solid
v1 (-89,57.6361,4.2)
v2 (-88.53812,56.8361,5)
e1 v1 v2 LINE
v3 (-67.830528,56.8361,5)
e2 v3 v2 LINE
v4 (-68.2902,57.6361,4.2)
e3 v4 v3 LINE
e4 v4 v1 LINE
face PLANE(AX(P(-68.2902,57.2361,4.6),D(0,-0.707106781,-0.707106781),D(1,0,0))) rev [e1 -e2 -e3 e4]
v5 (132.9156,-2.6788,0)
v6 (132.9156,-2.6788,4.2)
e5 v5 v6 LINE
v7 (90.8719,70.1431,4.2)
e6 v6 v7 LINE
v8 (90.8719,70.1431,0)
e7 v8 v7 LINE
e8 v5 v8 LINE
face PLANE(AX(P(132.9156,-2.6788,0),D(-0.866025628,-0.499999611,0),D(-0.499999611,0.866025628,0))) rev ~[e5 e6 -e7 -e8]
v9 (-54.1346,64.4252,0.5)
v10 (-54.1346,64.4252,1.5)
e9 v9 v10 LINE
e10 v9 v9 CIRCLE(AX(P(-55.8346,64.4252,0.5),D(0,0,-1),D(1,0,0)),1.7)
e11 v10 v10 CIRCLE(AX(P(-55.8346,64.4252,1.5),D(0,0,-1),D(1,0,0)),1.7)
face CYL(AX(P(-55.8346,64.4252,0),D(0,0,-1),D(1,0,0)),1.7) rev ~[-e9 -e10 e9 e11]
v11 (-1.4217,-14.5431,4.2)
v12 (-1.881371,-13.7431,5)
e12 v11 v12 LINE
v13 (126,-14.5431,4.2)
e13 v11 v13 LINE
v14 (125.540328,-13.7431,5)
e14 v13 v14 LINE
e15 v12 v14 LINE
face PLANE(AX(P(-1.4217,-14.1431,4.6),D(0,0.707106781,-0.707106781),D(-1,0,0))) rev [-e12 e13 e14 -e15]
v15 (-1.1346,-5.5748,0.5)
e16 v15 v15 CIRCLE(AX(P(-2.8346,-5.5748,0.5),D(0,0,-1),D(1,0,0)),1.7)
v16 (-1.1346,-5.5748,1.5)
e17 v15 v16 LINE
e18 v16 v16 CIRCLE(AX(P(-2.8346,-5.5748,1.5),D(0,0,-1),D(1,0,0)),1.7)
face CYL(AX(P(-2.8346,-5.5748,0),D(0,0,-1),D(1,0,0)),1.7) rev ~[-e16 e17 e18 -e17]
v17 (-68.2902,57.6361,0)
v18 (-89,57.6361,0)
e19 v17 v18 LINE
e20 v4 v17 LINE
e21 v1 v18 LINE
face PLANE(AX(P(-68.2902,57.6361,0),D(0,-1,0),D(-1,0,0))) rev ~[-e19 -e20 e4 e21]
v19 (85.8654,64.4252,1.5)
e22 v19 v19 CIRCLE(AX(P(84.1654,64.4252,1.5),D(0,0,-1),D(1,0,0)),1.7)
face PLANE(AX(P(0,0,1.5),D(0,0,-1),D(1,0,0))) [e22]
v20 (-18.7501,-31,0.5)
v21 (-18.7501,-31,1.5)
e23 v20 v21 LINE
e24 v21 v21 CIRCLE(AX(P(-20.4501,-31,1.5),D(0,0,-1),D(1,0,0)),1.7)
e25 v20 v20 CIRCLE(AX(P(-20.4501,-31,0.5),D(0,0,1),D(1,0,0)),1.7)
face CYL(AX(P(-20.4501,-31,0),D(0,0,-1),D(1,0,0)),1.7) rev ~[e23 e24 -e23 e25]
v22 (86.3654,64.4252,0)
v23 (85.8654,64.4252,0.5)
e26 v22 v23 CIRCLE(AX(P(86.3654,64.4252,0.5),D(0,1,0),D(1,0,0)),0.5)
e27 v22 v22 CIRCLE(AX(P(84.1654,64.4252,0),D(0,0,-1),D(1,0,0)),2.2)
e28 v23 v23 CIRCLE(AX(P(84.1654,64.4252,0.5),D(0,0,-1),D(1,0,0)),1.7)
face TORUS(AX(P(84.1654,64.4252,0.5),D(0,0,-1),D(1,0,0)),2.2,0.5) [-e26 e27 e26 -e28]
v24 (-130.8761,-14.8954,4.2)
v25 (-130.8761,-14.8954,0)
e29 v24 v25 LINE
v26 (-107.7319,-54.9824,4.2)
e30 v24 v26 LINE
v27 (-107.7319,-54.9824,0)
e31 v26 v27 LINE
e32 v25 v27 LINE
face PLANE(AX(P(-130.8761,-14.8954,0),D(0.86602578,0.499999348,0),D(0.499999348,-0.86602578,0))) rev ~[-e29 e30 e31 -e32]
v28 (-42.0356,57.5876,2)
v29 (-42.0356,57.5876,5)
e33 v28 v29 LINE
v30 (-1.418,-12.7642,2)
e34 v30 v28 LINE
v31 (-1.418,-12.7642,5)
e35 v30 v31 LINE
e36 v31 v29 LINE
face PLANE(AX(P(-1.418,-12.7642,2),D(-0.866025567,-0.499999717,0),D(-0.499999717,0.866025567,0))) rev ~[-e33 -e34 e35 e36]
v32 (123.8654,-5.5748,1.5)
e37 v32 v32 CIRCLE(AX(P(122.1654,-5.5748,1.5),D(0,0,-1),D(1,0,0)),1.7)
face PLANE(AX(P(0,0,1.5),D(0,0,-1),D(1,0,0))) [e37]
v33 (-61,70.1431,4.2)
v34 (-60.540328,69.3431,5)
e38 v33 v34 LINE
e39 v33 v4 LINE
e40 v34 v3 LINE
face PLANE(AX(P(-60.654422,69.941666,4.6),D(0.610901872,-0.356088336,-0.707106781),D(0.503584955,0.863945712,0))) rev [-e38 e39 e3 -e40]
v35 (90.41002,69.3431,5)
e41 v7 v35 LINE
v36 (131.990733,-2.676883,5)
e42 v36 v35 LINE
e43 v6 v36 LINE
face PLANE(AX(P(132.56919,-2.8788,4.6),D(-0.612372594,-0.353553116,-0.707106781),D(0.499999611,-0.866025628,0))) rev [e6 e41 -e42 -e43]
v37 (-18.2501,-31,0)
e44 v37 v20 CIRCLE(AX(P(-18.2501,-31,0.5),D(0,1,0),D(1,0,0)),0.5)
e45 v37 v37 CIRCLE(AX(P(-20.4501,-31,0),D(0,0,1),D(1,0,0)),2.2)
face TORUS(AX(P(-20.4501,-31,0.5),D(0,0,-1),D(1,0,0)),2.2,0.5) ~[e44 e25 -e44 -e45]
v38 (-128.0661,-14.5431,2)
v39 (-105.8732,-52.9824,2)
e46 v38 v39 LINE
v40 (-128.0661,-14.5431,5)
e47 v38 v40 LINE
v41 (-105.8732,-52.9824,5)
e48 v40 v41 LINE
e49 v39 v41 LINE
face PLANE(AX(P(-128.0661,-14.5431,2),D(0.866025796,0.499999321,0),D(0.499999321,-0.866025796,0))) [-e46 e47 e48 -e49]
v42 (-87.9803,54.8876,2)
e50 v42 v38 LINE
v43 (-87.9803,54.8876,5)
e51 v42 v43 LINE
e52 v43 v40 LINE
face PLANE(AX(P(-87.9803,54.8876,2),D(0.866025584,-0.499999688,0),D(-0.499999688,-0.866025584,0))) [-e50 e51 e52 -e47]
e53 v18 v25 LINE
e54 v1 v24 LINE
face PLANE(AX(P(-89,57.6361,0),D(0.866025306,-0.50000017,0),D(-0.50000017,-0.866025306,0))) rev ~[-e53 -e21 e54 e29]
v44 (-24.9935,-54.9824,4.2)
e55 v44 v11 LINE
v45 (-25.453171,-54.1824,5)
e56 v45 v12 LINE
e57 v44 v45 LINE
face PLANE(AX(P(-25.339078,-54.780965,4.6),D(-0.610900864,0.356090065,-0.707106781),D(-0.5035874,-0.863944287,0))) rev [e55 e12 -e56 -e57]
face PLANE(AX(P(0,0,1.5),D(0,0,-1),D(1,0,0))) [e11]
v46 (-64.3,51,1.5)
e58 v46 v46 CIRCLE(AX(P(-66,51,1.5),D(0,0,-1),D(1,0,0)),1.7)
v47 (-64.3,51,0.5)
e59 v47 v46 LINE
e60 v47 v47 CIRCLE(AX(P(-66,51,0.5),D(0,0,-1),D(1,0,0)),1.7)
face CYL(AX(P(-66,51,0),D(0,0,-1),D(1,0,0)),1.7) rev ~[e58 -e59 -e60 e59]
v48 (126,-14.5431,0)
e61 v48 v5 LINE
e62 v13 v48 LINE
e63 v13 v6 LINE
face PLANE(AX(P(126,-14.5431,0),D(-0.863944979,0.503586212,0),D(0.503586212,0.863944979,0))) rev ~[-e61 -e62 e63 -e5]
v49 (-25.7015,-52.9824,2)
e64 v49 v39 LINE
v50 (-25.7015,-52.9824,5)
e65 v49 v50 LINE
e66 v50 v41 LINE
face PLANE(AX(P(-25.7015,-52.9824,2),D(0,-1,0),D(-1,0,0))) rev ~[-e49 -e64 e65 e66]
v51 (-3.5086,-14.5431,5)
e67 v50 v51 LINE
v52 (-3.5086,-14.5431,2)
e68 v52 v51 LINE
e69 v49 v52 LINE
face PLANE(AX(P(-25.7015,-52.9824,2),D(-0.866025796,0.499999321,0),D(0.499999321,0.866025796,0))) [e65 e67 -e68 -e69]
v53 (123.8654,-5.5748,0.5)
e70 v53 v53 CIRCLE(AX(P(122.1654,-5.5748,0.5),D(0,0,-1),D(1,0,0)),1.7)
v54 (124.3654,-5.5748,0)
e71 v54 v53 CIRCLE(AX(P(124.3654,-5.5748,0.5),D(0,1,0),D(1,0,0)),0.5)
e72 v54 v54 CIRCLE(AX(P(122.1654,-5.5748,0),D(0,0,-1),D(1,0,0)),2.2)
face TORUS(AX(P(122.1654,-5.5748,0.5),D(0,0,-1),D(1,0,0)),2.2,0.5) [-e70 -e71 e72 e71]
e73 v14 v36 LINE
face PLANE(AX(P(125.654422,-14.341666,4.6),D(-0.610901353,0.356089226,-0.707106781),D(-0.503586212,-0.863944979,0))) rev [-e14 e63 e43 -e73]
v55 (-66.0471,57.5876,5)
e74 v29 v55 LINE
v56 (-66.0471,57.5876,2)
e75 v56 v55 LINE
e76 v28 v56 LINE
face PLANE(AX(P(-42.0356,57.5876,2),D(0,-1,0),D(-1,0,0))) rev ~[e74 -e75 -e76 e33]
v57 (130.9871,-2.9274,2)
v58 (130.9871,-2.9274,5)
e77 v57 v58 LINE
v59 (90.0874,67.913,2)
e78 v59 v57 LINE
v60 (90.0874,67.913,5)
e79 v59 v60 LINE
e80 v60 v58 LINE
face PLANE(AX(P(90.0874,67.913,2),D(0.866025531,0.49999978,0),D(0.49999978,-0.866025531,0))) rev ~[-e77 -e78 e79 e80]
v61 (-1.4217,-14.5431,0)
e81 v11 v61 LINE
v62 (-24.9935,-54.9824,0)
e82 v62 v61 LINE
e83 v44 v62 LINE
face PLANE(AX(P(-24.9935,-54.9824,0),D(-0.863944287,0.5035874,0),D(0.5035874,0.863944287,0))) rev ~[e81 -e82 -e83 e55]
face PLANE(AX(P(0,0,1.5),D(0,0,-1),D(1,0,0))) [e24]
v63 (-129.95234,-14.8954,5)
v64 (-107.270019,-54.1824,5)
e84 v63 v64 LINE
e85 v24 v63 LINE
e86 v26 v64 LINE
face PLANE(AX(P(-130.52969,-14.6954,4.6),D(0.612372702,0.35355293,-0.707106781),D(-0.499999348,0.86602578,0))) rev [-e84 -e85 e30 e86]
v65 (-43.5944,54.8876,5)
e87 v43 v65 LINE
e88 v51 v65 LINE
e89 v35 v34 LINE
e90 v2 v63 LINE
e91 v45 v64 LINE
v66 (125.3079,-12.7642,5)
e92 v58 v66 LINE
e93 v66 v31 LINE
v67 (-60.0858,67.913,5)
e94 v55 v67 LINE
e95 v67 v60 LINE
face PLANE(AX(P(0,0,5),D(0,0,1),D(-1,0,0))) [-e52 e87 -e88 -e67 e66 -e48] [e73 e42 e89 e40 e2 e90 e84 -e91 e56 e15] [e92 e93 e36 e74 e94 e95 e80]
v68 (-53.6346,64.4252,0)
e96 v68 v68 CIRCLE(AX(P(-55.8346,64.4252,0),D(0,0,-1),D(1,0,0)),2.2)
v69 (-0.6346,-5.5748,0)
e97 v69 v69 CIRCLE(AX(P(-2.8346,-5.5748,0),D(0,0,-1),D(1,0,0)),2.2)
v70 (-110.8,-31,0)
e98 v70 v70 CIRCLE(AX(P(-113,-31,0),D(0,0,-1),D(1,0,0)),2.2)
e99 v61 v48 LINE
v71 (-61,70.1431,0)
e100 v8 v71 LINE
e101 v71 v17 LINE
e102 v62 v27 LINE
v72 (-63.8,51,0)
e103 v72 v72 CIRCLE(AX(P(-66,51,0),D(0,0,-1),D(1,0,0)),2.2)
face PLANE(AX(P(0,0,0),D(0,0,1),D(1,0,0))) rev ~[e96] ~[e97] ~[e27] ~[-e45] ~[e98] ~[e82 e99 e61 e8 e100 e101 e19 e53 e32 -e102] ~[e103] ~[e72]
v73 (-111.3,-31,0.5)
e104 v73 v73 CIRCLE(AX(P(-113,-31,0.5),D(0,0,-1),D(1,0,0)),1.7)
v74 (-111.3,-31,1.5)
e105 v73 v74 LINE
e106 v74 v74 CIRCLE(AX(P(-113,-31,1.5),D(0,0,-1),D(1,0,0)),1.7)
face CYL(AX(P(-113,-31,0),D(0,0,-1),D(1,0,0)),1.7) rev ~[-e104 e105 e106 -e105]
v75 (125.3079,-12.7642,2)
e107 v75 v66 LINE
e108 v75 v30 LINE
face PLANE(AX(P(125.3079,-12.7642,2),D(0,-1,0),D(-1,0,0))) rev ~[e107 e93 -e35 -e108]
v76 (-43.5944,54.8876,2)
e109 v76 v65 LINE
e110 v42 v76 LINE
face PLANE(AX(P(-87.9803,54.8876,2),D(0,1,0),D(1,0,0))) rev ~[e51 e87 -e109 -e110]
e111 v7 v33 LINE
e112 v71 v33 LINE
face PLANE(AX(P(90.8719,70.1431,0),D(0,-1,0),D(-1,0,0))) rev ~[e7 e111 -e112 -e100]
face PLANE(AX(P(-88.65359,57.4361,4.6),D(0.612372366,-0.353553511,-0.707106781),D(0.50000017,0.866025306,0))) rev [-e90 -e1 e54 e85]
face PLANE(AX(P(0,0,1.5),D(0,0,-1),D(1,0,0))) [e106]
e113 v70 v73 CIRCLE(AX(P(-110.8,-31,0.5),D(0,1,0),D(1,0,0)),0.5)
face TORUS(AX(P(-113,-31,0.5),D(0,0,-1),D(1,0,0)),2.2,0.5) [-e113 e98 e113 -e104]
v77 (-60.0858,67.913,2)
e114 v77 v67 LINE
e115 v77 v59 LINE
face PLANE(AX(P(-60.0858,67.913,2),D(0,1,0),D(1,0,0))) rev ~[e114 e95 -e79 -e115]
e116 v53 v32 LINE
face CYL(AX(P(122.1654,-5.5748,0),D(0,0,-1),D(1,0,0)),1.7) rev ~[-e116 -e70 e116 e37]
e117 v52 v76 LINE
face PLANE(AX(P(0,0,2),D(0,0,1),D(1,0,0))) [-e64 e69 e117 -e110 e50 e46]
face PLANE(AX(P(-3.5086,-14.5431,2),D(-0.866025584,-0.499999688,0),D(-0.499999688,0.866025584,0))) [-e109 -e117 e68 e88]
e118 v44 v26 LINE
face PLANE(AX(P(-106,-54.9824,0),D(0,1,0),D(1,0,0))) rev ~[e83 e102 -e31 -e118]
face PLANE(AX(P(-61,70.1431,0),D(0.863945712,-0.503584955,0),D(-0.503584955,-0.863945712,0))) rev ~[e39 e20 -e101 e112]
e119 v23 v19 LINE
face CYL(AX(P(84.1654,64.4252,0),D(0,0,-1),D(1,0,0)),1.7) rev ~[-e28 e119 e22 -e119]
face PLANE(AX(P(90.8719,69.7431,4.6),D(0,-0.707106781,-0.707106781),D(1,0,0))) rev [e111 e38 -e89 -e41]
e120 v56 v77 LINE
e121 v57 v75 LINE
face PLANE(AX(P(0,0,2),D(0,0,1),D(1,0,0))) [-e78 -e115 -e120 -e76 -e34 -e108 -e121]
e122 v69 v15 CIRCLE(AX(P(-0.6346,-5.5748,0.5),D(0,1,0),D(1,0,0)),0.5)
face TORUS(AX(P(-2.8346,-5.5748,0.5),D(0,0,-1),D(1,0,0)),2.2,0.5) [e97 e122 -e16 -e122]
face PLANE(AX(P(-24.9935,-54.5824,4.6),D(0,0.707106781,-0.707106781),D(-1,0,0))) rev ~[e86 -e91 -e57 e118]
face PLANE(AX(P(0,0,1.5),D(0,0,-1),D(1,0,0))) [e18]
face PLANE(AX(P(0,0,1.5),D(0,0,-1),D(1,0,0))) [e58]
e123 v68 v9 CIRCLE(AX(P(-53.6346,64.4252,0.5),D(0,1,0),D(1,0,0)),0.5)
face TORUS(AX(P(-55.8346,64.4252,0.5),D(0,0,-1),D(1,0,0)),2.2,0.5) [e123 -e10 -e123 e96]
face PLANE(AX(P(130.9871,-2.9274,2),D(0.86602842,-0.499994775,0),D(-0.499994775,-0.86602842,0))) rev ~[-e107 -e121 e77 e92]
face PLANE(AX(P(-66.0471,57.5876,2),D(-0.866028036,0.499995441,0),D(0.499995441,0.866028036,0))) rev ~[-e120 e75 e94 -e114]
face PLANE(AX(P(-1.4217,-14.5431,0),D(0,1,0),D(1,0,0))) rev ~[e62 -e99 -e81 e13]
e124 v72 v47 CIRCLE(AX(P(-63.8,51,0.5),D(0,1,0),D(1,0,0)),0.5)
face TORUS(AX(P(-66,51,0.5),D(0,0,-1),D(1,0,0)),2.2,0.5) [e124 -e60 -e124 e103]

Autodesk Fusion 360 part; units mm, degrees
sketch "Sketch1" plane through (0, 0, 0) normal (0, 0, 1) x (1, 0, 0)
  line L0 (132.9156, -2.6788) -> (90.8719, 70.1431)
  line L1 (-68.2902, 57.6361) -> (-89, 57.6361)
  line L2 (-130.8761, -14.8954) -> (-107.7319, -54.9824)
  line L3 (-1.4217, -14.5431) -> (126, -14.5431)
  line L4 (126, -14.5431) -> (132.9156, -2.6788)
  line L5 (-61, 70.1431) -> (-68.2902, 57.6361)
  line L6 (-89, 57.6361) -> (-130.8761, -14.8954)
  line L7 (-106, -54.9824) -> (-24.9935, -54.9824)
  line L8 (-24.9935, -54.9824) -> (-1.4217, -14.5431)
  line L9 (90.8719, 70.1431) -> (-61, 70.1431)
  line L10 (-107.7319, -54.9824) -> (-106, -54.9824)
  point P0 (-65.7873, -4.2127)
  point P1 (-65.7873, -4.2127)
  point P2 (-65.7873, -4.2127)
  dimension "d4" = 94.1192
  dimension "d5" = 81.0065
  dimension "d6" = 14.5431
  dimension "d7" = 1.4217
  dimension "d8" = 125.1255
  dimension "d9" = 263.7917
  dimension "d10" = 120
  dimension "d11" = 120
  dimension "d12" = 120.238
  dimension "d13" = 234.5587
  dimension "d14" = 204.2045
  dimension "d15" = 151.8719
  dimension "d16" = 20.7098
  dimension "d17" = 46.8077
  dimension "d18" = 10.3305
  dimension "d19" = 64.3656
extrude "Extrude1" add sketch "Sketch1" along normal blind 2
sketch "Sketch2" plane through (0, 0, 2) normal (0, 0, 1) x (-1, 0, 0)
  line L0 (107.7319, 54.9824) -> (24.9935, 54.9824)
  line L1 (24.9935, 54.9824) -> (1.4217, 14.5431)
  line L2 (1.4217, 14.5431) -> (-126, 14.5431)
  line L3 (-126, 14.5431) -> (-132.9156, 2.6788)
  line L4 (-132.9156, 2.6788) -> (-90.8719, -70.1431)
  line L5 (-90.8719, -70.1431) -> (61, -70.1431)
  line L6 (61, -70.1431) -> (68.2902, -57.6361)
  line L7 (68.2902, -57.6361) -> (89, -57.6361)
  line L8 (89, -57.6361) -> (130.8761, 14.8954)
  line L9 (130.8761, 14.8954) -> (107.7319, 54.9824)
  line L10 (60.0858, -67.913) -> (-90.0874, -67.913)
  line L11 (-130.8139, 2.9274) -> (-125.2213, 12.6142)
  line L12 (25.7881, 52.8324) -> (3.6818, 14.5431)
  line L13 (-126, 14.5431) -> (-132.9156, 2.6788)
  line L14 (-125.3079, 12.7642) -> (1.418, 12.7642)
  line L15 (-90.8719, -70.1431) -> (61, -70.1431)
  line L16 (3.6818, 14.5431) -> (43.681, -54.7376)
  line L17 (1.4217, 14.5431) -> (-126, 14.5431)
  line L18 (25.7015, 52.9824) -> (3.5086, 14.5431)
  line L19 (3.5086, 14.5431) -> (43.5944, -54.8876)
  line L20 (1.3314, 12.6142) -> (41.949, -57.7376)
  line L21 (59.9992, -67.763) -> (-90.0008, -67.763)
  line L22 (-130.9871, 2.9274) -> (-125.3079, 12.7642)
  line L23 (-125.2213, 12.6142) -> (1.3314, 12.6142)
  line L24 (-90.0008, -67.763) -> (-130.8139, 2.9274)
  line L25 (87.8937, -54.7376) -> (43.681, -54.7376)
  line L26 (65.7873, 4.2127) -> (65.7873, -54.7376)
  line L27 (-90.0874, -67.913) -> (-130.9871, 2.9274)
  line L28 (106, 54.9824) -> (24.9935, 54.9824)
  line L29 (61, -70.1431) -> (68.2902, -57.6361)
  line L30 (68.2902, -57.6361) -> (89, -57.6361)
  line L31 (-132.9156, 2.6788) -> (-90.8719, -70.1431)
  line L32 (87.9803, -54.8876) -> (43.5944, -54.8876)
  line L33 (41.949, -57.7376) -> (65.7873, -57.7376)
  circle A0 centre (65.7873, 4.2127) radius 44.2127
  line L34 (25.7015, 52.9824) -> (105.8732, 52.9824)
  line L35 (42.0356, -57.5876) -> (66.0471, -57.5876)
  line L36 (65.7873, 4.2127) -> (14.7349, 33.6878)
  line L37 (107.7319, 54.9824) -> (106, 54.9824)
  line L38 (65.7873, 4.2127) -> (116.8397, 33.6878)
  line L39 (89, -57.6361) -> (130.8761, 14.8954)
  line L40 (130.8761, 14.8954) -> (107.7319, 54.9824)
  line L41 (128.0661, 14.5431) -> (105.8732, 52.9824)
  line L42 (66.0471, -57.5876) -> (60.0858, -67.913)
  line L43 (87.9803, -54.8876) -> (128.0661, 14.5431)
  line L44 (65.7873, -57.7376) -> (59.9992, -67.763)
  line L45 (127.8929, 14.5431) -> (105.7866, 52.8324)
  line L46 (87.8937, -54.7376) -> (127.8929, 14.5431)
  line L47 (65.7873, 4.2127) -> (65.7873, -84.2127) construction
  line L48 (25.7881, 52.8324) -> (105.7866, 52.8324)
  line L49 (65.7873, 4.2127) -> (65.7873, -84.2127) construction
  line L50 (1.418, 12.7642) -> (42.0356, -57.5876)
  line L51 (24.9935, 54.9824) -> (1.4217, 14.5431)
  point P0 (65.7873, 4.2127)
  point P1 (65.7873, 4.2127)
  point P2 (65.7873, 4.2127)
  dimension "d22" = -0.15
  dimension "d23" = 0.15
  dimension "d24" = 120
  dimension "d25" = 120
  dimension "d26" = 88.4253
  dimension "d27" = 62.1056
  dimension "d28" = 39.9992
  dimension "d29" = 22.1063
  dimension "d30" = 39.9992
  dimension "d31" = 29.4751
  dimension "d32" = 3
  dimension "d33" = 3
  dimension "d34" = 150
  dimension "d35" = 126.5527
  dimension "d36" = 196.6013
  dimension "d37" = 8.4015
  dimension "d38" = 12.6142
  dimension "d40" = 2
  dimension "d41" = 0.238
  dimension "d43" = 0.1015
  dimension "d44" = 20.052
  dimension "d45" = 1.9444
  dimension "d46" = 2.2813
  dimension "d47" = 9.9353
  dimension "d48" = 82.7572
  dimension "d49" = 94.1192
  dimension "d51" = 81.0065
extrude "Extrude2" add sketch "Sketch2" along normal blind 3 contours L0 L1 L2 L3 L4 L5 L6 L7 L8 L9 L13 L15 L17 L28 L29 L30 L31 L37 L39 L40 L51
chamfer "Chamfer1" distance 0.8 angle 45 10 edges at (-109.9381, 21.3703, 5) (-78.6451, 57.6361, 5) (-64.6451, 63.8896, 5) (14.936, 70.1431, 5) (111.8938, 33.7321, 5) (129.4578, -8.611, 5) (62.2891, -14.5431, 5) (-13.2076, -34.7628, 5) (-119.304, -34.9389, 5) (-66.3627, -54.9824, 5)
sketch "Sketch3" plane through (0, 0, 0) normal (0, 0, -1) x (1, 0, 0)
  line L0 (-24.9935, 54.9824) -> (-107.7319, 54.9824)
  line L1 (-107.7319, 54.9824) -> (-130.8761, 14.8954)
  line L2 (-130.8761, 14.8954) -> (-89, -57.6361)
  line L3 (-89, -57.6361) -> (-68.2902, -57.6361)
  line L4 (-68.2902, -57.6361) -> (-61, -70.1431)
  line L5 (-61, -70.1431) -> (90.8719, -70.1431)
  line L6 (90.8719, -70.1431) -> (132.9156, 2.6788)
  line L7 (132.9156, 2.6788) -> (126, 14.5431)
  line L8 (126, 14.5431) -> (-1.4217, 14.5431)
  line L9 (-1.4217, 14.5431) -> (-24.9935, 54.9824)
  circle A0 centre (-113, 31) radius 1.7
  circle A1 centre (-20.4501, 31) radius 1.7
  line L10 (-113, 31) -> (-20.4501, 31)
  line L11 (-20.4501, 31) -> (-66.725, 31)
  circle A2 centre (-66, -51) radius 1.7
  circle A3 centre (122.1654, 5.5748) radius 1.7
  circle A4 centre (-2.8346, 5.5748) radius 1.7
  circle A5 centre (-55.8346, -64.4252) radius 1.7
  circle A6 centre (84.1654, -64.4252) radius 1.7
  point P0 (-2.8346, 5.5748)
  point P1 (-55.8346, -64.4252)
  dimension "d55" = 3.4
  dimension "d56" = 3.4
  dimension "d57" = 3.4
  dimension "d58" = 3.4
  dimension "d59" = 3.4
  dimension "d60" = 3.4
  dimension "d61" = 3.4
  dimension "d62" = 16.1046
  dimension "d63" = 253.0415
  dimension "d64" = 215.0415
  dimension "d65" = 128.0415
  dimension "d66" = 75.0415
  dimension "d67" = 64.8761
  dimension "d68" = 110.426
  dimension "d69" = 92.5499
  dimension "d70" = 79.3207
  dimension "d71" = 65.8954
  dimension "d72" = 9.3207
extrude "Extrude4" cut sketch "Sketch3" against normal blind 1.5 contours A0 | A1 | A2 | A3 | A4 | A5 | A6
fillet "Fillet1" radius 0.5 7 edges at (-22.0351, -31.6147, 0) (-114.585, -31.6147, 0) (-67.585, 50.3853, 0) (-57.4195, 63.8105, 0) (-4.4195, -6.1895, 0) (120.5805, -6.1895, 0) (82.5805, 63.8105, 0)
